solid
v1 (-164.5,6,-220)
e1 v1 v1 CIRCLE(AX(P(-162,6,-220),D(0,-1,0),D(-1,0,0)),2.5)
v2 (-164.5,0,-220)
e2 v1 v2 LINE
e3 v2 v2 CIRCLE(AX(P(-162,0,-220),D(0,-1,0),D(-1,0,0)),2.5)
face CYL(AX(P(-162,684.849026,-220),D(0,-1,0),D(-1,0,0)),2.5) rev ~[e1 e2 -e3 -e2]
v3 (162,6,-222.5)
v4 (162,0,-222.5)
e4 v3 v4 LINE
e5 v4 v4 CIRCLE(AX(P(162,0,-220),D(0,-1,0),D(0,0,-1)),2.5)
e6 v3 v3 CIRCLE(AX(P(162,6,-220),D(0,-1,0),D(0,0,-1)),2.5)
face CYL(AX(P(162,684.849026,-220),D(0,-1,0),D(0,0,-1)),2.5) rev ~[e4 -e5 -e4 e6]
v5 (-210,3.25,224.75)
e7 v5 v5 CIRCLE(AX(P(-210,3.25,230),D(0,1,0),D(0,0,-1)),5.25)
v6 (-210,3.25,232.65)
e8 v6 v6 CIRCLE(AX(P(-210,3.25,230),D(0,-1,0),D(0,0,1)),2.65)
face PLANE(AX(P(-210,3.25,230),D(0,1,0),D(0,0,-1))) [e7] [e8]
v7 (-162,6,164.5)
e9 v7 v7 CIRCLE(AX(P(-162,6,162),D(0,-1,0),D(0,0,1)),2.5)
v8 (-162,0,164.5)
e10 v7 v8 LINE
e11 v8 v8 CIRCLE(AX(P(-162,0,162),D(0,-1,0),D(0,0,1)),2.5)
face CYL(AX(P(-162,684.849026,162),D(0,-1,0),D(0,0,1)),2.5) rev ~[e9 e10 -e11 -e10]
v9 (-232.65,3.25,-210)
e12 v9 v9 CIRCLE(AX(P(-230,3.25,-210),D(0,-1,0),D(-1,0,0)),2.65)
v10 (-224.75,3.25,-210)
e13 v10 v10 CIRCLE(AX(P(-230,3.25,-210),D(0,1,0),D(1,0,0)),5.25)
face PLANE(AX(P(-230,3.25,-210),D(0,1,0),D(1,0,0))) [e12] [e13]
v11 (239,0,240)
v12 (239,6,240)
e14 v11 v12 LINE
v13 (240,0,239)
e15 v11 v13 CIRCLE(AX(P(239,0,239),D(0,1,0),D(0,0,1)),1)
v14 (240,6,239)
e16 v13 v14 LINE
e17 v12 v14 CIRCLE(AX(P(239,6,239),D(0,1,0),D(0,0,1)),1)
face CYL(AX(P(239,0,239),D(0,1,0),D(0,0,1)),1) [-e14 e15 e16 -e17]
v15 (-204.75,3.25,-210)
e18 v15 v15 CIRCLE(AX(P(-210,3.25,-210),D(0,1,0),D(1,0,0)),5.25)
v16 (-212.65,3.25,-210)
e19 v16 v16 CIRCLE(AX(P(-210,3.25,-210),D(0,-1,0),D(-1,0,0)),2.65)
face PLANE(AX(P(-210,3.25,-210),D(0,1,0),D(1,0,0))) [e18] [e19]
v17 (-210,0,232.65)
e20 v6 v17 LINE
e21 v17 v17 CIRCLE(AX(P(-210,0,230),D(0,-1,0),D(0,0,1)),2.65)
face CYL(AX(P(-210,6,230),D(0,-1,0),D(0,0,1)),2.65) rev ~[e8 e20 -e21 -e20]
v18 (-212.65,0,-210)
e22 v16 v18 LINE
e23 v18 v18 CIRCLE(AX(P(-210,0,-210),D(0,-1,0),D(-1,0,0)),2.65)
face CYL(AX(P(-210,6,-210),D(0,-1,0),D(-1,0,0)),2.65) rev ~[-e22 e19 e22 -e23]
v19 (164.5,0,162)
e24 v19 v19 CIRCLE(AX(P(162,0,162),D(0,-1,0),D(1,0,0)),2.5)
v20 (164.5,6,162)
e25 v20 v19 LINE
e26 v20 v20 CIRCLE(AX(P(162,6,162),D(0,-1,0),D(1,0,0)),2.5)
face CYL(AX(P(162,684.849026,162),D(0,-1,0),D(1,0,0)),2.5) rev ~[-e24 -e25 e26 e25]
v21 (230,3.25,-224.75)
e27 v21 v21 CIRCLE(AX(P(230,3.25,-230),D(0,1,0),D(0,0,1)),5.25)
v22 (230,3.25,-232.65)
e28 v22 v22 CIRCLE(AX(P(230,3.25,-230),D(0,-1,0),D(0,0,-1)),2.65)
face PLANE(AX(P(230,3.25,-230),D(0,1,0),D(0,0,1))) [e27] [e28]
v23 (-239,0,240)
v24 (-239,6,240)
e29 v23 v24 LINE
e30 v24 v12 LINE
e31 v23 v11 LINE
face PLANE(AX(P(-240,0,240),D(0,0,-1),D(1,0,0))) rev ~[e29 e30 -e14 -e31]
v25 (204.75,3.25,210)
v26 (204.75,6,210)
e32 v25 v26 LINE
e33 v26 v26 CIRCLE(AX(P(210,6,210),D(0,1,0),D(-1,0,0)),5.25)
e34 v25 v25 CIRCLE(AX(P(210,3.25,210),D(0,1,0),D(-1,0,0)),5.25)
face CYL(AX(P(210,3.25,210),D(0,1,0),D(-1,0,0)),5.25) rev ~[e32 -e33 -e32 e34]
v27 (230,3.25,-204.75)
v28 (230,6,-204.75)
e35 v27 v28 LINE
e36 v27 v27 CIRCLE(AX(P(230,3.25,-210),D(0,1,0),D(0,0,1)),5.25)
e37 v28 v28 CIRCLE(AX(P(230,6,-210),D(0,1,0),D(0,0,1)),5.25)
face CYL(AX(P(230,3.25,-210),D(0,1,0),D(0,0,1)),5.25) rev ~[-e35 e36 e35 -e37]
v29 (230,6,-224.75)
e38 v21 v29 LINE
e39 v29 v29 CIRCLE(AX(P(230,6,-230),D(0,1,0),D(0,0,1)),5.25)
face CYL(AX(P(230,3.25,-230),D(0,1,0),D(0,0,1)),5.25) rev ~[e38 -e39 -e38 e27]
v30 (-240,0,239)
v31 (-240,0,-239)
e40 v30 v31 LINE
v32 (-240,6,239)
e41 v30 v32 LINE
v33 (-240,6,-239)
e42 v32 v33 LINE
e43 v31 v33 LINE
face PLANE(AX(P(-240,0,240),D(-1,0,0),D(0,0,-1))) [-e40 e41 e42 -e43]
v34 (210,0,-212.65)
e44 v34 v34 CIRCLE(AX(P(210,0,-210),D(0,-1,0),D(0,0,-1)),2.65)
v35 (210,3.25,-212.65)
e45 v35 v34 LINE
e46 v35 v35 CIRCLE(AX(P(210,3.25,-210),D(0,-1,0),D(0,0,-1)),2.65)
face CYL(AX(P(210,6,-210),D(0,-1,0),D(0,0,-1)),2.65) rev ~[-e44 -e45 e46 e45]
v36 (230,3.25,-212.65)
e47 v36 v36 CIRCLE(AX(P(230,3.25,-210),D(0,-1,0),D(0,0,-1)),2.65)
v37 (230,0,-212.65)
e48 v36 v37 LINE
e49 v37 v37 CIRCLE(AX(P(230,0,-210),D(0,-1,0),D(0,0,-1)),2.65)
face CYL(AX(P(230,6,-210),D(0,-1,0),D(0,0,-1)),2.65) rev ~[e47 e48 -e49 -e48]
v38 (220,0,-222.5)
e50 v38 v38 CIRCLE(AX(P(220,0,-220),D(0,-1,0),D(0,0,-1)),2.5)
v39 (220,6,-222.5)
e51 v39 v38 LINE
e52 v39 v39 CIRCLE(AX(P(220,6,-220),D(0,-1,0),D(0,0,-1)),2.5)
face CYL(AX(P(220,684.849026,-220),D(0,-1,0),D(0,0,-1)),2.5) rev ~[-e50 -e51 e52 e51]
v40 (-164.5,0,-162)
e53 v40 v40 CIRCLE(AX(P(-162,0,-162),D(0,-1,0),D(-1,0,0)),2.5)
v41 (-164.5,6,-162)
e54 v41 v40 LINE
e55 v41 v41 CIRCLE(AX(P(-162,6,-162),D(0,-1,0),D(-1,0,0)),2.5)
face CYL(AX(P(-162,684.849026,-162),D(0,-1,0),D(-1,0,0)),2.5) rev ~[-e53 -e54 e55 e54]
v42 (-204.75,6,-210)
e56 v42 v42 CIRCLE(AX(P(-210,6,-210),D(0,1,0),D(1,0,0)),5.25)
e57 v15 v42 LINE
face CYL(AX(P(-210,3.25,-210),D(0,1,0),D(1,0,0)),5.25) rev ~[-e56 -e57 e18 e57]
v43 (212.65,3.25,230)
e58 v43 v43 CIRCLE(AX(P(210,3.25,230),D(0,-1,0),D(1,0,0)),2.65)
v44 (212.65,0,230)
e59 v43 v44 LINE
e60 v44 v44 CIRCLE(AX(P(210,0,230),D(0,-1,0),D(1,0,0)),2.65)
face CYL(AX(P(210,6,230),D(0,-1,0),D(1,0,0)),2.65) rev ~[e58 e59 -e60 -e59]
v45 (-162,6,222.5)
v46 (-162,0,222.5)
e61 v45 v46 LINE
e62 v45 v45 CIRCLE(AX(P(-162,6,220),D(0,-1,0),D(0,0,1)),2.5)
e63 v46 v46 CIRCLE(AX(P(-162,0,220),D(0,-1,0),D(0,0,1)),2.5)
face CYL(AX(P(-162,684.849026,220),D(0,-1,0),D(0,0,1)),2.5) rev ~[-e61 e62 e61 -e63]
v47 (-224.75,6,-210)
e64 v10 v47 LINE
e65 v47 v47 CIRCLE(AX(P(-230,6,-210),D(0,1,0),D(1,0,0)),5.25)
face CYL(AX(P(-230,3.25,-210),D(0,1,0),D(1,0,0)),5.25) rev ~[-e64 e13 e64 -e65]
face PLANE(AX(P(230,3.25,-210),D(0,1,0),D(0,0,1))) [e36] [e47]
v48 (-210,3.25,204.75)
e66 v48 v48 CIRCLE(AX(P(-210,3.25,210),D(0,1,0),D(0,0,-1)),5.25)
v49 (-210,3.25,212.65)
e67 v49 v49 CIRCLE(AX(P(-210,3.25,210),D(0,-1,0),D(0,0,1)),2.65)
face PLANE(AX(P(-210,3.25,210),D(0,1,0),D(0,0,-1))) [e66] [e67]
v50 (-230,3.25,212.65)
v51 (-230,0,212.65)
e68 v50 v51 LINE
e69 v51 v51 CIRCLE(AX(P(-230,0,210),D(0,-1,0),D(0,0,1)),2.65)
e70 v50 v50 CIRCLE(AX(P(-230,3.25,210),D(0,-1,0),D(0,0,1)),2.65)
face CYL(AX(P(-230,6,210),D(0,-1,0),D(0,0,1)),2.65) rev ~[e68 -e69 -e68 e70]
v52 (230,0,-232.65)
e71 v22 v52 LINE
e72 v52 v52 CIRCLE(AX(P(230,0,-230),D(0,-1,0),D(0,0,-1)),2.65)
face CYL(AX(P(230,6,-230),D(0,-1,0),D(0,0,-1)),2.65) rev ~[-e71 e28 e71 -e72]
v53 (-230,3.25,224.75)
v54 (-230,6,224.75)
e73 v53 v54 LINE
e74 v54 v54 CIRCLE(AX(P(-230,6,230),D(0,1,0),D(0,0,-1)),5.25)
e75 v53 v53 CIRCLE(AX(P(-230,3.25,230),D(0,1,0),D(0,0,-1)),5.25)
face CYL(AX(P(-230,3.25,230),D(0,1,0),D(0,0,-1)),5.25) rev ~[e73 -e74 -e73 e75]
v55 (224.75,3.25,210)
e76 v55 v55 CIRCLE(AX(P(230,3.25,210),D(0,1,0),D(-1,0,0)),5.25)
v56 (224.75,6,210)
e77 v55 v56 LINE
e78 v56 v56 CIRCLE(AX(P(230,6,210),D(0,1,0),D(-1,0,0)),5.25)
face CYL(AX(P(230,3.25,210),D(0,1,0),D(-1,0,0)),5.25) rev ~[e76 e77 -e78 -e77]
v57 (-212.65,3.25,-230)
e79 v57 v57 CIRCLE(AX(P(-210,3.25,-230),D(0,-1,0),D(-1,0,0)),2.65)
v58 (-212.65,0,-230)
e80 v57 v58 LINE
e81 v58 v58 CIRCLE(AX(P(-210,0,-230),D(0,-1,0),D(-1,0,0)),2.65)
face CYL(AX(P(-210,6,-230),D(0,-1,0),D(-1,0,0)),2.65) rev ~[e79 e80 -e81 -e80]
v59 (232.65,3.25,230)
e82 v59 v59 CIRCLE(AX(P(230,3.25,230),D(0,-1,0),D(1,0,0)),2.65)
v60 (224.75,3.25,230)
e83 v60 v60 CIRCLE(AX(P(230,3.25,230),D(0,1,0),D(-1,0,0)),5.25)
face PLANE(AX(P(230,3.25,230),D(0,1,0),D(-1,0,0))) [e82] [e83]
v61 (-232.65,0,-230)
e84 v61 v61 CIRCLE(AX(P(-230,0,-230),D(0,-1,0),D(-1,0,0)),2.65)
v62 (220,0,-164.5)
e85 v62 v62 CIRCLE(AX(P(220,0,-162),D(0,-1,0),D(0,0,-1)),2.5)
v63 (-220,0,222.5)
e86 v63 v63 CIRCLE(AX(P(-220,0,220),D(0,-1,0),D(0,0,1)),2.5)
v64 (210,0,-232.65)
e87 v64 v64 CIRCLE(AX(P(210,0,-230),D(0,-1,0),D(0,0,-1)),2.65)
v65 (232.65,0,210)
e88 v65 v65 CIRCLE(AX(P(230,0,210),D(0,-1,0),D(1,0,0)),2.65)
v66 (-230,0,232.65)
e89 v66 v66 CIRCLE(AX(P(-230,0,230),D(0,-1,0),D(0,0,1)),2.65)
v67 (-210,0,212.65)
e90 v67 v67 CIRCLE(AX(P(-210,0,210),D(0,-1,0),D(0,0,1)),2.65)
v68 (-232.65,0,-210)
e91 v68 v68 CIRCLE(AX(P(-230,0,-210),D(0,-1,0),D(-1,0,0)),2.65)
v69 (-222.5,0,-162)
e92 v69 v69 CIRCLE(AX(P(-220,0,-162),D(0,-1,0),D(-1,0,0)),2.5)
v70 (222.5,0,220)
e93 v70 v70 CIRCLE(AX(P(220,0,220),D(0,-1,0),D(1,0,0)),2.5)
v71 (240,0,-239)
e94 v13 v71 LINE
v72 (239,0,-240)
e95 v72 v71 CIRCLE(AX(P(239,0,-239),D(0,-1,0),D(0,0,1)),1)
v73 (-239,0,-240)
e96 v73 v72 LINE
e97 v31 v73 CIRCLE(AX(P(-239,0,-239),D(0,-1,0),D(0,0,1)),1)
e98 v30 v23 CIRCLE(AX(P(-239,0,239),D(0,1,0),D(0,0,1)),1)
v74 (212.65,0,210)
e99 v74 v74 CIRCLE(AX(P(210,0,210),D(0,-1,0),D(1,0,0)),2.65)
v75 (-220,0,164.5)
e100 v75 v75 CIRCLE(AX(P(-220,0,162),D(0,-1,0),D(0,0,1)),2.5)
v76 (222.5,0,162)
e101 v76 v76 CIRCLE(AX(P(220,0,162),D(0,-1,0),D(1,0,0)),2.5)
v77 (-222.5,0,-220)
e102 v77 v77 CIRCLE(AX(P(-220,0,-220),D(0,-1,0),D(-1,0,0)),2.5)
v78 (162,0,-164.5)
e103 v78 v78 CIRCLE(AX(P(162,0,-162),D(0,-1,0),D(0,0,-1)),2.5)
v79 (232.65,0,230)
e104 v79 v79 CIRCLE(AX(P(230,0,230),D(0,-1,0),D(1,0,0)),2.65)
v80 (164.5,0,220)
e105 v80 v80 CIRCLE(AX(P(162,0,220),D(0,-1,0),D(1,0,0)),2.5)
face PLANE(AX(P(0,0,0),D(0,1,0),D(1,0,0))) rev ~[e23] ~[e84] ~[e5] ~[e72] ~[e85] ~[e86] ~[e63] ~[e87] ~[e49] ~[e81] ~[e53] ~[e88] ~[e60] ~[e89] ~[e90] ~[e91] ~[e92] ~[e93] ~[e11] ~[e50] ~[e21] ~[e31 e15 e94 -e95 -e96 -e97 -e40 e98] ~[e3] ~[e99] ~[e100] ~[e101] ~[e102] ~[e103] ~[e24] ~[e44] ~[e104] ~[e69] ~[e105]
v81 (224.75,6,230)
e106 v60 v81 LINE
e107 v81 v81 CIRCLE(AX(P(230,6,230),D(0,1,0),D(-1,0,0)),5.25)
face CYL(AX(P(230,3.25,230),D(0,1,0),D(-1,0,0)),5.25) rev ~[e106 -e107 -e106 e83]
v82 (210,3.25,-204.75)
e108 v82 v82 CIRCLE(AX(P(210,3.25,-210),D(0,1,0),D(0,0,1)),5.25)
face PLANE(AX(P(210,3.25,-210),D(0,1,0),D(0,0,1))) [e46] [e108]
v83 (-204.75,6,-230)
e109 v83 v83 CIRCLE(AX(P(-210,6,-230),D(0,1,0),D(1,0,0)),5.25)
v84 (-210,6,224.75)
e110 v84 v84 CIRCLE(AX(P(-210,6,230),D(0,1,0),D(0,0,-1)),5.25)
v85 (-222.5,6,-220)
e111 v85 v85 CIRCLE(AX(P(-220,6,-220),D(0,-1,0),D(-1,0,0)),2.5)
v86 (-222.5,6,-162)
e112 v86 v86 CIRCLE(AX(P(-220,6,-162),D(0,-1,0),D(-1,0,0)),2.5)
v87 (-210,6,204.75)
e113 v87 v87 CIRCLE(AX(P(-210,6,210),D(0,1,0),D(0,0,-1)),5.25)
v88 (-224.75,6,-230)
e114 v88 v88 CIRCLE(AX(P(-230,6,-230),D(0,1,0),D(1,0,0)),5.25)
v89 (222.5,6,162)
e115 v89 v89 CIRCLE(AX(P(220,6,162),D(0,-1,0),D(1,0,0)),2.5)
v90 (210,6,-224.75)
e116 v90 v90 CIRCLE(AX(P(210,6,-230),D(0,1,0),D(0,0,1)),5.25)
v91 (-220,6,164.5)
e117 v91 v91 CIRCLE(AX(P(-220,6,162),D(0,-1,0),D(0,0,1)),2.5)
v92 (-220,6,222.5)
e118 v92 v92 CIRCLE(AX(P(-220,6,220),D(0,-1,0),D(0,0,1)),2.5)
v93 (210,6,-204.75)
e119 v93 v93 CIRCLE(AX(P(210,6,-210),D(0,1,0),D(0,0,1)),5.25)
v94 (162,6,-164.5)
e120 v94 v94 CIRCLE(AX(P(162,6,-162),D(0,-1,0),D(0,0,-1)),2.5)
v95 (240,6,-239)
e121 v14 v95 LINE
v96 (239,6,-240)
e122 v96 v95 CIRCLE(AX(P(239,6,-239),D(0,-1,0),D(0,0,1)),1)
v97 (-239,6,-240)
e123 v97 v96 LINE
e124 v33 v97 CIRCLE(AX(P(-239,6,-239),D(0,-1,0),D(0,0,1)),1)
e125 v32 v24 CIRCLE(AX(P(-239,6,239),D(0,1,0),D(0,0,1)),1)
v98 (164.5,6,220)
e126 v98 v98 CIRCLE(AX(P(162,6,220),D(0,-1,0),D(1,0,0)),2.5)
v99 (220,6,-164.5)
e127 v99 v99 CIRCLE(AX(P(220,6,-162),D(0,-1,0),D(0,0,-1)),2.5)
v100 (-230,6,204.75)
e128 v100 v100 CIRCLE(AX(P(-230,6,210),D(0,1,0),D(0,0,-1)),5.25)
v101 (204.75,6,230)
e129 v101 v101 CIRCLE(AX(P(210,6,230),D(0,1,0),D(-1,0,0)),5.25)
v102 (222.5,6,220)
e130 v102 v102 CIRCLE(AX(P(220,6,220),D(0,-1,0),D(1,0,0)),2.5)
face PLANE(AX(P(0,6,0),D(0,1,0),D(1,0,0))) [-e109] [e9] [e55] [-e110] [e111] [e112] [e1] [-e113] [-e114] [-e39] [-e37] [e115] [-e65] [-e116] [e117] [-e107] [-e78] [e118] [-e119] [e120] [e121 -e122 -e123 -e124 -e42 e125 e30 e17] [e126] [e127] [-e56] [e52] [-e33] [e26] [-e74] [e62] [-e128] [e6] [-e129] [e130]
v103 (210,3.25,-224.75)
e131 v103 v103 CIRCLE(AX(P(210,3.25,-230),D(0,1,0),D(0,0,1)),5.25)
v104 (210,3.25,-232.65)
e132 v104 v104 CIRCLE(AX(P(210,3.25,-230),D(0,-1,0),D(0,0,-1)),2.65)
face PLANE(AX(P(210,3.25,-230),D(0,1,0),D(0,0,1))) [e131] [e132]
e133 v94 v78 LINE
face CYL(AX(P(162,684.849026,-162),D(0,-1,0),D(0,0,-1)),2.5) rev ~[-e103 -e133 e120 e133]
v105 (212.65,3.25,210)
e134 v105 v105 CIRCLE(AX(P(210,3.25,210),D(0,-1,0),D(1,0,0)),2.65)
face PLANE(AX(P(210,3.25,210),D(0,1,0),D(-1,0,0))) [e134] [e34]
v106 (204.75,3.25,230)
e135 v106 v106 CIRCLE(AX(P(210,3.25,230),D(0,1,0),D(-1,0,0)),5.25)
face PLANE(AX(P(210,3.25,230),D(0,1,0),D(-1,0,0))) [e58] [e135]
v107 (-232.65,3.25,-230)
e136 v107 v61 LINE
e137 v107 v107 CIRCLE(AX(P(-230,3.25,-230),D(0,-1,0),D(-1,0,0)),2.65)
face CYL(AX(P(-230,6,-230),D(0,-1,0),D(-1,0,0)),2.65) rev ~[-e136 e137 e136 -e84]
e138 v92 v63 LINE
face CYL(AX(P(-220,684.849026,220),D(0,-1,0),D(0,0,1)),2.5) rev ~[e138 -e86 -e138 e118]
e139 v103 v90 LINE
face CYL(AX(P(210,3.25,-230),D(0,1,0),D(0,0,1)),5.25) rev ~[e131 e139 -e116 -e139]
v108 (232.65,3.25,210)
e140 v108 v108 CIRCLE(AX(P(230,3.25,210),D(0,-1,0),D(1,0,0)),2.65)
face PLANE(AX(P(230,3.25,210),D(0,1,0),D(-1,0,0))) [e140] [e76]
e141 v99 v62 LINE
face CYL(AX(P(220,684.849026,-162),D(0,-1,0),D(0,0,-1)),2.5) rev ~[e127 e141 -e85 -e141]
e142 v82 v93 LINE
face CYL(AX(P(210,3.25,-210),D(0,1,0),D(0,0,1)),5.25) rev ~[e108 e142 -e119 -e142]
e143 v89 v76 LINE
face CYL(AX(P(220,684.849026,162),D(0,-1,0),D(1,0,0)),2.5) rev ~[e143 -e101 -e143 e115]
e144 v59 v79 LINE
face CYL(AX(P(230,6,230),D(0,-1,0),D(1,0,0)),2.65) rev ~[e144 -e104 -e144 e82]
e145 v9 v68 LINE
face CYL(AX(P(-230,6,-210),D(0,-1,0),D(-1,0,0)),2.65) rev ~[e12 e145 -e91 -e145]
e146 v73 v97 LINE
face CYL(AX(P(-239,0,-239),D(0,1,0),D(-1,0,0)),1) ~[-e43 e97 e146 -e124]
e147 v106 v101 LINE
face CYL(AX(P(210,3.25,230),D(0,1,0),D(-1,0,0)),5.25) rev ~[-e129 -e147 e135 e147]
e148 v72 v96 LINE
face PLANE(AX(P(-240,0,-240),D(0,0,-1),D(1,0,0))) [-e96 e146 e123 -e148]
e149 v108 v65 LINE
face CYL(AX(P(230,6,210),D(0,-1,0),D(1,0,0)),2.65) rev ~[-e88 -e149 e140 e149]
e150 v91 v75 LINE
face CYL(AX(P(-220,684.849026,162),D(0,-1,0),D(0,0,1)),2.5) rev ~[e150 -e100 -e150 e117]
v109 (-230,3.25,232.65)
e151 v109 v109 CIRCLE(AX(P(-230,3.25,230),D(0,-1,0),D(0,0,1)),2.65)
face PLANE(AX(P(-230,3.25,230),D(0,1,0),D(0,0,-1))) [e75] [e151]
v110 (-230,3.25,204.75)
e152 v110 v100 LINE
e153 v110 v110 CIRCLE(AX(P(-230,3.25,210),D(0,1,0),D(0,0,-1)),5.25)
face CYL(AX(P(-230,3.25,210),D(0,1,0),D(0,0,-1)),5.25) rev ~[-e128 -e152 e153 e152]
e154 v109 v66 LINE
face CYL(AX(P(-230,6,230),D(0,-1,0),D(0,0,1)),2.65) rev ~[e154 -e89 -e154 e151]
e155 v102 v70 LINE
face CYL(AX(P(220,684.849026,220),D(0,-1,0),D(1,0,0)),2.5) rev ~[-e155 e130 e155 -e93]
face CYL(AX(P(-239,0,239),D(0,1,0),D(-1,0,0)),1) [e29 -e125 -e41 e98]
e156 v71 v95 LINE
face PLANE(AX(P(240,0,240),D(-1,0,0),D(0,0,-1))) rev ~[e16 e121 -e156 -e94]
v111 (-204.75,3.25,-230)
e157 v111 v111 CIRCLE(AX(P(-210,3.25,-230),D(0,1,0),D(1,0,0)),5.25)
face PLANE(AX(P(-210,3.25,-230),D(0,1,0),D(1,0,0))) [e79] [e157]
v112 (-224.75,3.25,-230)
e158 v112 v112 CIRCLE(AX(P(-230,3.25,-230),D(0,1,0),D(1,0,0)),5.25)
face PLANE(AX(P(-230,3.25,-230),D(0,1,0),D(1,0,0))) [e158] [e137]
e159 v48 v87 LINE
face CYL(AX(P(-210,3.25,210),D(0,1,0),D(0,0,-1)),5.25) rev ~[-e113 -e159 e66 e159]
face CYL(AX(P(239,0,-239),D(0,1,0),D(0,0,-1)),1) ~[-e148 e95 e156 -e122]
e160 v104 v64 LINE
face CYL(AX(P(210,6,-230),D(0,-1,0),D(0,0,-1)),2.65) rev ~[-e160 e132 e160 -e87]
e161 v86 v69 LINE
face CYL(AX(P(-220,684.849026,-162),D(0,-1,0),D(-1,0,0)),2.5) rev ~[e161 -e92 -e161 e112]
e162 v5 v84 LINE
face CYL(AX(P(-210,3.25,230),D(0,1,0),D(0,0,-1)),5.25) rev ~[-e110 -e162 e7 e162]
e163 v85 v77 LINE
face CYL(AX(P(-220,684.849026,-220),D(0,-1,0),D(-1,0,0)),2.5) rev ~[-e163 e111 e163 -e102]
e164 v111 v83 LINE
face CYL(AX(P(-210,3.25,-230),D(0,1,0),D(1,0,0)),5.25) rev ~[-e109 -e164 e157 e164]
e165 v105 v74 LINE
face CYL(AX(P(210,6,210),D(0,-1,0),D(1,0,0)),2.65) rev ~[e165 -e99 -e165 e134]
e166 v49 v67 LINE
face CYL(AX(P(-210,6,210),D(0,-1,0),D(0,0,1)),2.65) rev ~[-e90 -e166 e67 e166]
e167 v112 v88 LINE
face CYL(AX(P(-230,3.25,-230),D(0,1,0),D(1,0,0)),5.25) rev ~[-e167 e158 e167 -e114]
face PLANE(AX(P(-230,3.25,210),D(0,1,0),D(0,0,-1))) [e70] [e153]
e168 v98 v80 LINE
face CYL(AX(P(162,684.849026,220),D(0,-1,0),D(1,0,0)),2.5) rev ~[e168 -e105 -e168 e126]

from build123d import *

# Parameters (mm, degrees)
SKETCH1_W                       = 480
SKETCH1_H                       = 480
BOSS_EXTRUDE1_DEPTH             = 6
CBORE_FOR_M5_SBHCS1_D           = 5.3
CBORE_FOR_M5_SBHCS1_CBORE_D     = 10.5
CBORE_FOR_M5_SBHCS1_CBORE_DEPTH = 2.75
TAP_DRILL_FOR_M6X1_0_TAP1_D     = 5
CIRPATTERN1_COUNT               = 4
FILLET1_R                       = 1


with BuildPart() as part:
    # Sketch1 → Boss-Extrude1 (new body)
    with BuildSketch(Plane(origin=(0, 0, 0), x_dir=(1, 0, 0), z_dir=(0, 1, 0))):
        Rectangle(SKETCH1_W, SKETCH1_H)
    extrude(amount=BOSS_EXTRUDE1_DEPTH)

    # CBORE for M5 SBHCS1 (through all)
    with Locations(Plane(origin=(0, 6, 0), x_dir=(1, 0, 0), z_dir=(0, 1, 0))):
        with Locations((-230, 230), (-210, 230), (-210, 210), (-230, 210)):
            cbore_for_m5_sbhcs1 = CounterBoreHole(CBORE_FOR_M5_SBHCS1_D / 2, CBORE_FOR_M5_SBHCS1_CBORE_D / 2, CBORE_FOR_M5_SBHCS1_CBORE_DEPTH)

    # Tap Drill for M6x1.0 Tap1 (through all)
    with Locations(Plane(origin=(0, 6, 0), x_dir=(1, 0, 0), z_dir=(0, 1, 0))):
        with Locations((-220, 220), (-162, 220), (-162, 162), (-220, 162)):
            tap_drill_for_m6x1_0_tap1 = Hole(TAP_DRILL_FOR_M6X1_0_TAP1_D / 2)

    # CirPattern1: CBORE for M5 SBHCS1, Tap Drill for M6x1.0 Tap1 ×4 about axis
    cirpattern1_axis = Axis((0, 8.4, 0), (0, -1, 0))
    add([cbore_for_m5_sbhcs1.rotate(cirpattern1_axis, i * 360 / CIRPATTERN1_COUNT) for i in range(1, CIRPATTERN1_COUNT)], mode=Mode.SUBTRACT)
    add([tap_drill_for_m6x1_0_tap1.rotate(cirpattern1_axis, i * 360 / CIRPATTERN1_COUNT) for i in range(1, CIRPATTERN1_COUNT)], mode=Mode.SUBTRACT)

    # Fillet1
    fillet1_edges = [part.edges().sort_by_distance(p)[0] for p in [
        (-240, 3, -240),
        (240, 3, -240),
        (240, 3, 240),
        (-240, 3, 240),
    ]]
    fillet(fillet1_edges, radius=FILLET1_R)


solid = part.part
